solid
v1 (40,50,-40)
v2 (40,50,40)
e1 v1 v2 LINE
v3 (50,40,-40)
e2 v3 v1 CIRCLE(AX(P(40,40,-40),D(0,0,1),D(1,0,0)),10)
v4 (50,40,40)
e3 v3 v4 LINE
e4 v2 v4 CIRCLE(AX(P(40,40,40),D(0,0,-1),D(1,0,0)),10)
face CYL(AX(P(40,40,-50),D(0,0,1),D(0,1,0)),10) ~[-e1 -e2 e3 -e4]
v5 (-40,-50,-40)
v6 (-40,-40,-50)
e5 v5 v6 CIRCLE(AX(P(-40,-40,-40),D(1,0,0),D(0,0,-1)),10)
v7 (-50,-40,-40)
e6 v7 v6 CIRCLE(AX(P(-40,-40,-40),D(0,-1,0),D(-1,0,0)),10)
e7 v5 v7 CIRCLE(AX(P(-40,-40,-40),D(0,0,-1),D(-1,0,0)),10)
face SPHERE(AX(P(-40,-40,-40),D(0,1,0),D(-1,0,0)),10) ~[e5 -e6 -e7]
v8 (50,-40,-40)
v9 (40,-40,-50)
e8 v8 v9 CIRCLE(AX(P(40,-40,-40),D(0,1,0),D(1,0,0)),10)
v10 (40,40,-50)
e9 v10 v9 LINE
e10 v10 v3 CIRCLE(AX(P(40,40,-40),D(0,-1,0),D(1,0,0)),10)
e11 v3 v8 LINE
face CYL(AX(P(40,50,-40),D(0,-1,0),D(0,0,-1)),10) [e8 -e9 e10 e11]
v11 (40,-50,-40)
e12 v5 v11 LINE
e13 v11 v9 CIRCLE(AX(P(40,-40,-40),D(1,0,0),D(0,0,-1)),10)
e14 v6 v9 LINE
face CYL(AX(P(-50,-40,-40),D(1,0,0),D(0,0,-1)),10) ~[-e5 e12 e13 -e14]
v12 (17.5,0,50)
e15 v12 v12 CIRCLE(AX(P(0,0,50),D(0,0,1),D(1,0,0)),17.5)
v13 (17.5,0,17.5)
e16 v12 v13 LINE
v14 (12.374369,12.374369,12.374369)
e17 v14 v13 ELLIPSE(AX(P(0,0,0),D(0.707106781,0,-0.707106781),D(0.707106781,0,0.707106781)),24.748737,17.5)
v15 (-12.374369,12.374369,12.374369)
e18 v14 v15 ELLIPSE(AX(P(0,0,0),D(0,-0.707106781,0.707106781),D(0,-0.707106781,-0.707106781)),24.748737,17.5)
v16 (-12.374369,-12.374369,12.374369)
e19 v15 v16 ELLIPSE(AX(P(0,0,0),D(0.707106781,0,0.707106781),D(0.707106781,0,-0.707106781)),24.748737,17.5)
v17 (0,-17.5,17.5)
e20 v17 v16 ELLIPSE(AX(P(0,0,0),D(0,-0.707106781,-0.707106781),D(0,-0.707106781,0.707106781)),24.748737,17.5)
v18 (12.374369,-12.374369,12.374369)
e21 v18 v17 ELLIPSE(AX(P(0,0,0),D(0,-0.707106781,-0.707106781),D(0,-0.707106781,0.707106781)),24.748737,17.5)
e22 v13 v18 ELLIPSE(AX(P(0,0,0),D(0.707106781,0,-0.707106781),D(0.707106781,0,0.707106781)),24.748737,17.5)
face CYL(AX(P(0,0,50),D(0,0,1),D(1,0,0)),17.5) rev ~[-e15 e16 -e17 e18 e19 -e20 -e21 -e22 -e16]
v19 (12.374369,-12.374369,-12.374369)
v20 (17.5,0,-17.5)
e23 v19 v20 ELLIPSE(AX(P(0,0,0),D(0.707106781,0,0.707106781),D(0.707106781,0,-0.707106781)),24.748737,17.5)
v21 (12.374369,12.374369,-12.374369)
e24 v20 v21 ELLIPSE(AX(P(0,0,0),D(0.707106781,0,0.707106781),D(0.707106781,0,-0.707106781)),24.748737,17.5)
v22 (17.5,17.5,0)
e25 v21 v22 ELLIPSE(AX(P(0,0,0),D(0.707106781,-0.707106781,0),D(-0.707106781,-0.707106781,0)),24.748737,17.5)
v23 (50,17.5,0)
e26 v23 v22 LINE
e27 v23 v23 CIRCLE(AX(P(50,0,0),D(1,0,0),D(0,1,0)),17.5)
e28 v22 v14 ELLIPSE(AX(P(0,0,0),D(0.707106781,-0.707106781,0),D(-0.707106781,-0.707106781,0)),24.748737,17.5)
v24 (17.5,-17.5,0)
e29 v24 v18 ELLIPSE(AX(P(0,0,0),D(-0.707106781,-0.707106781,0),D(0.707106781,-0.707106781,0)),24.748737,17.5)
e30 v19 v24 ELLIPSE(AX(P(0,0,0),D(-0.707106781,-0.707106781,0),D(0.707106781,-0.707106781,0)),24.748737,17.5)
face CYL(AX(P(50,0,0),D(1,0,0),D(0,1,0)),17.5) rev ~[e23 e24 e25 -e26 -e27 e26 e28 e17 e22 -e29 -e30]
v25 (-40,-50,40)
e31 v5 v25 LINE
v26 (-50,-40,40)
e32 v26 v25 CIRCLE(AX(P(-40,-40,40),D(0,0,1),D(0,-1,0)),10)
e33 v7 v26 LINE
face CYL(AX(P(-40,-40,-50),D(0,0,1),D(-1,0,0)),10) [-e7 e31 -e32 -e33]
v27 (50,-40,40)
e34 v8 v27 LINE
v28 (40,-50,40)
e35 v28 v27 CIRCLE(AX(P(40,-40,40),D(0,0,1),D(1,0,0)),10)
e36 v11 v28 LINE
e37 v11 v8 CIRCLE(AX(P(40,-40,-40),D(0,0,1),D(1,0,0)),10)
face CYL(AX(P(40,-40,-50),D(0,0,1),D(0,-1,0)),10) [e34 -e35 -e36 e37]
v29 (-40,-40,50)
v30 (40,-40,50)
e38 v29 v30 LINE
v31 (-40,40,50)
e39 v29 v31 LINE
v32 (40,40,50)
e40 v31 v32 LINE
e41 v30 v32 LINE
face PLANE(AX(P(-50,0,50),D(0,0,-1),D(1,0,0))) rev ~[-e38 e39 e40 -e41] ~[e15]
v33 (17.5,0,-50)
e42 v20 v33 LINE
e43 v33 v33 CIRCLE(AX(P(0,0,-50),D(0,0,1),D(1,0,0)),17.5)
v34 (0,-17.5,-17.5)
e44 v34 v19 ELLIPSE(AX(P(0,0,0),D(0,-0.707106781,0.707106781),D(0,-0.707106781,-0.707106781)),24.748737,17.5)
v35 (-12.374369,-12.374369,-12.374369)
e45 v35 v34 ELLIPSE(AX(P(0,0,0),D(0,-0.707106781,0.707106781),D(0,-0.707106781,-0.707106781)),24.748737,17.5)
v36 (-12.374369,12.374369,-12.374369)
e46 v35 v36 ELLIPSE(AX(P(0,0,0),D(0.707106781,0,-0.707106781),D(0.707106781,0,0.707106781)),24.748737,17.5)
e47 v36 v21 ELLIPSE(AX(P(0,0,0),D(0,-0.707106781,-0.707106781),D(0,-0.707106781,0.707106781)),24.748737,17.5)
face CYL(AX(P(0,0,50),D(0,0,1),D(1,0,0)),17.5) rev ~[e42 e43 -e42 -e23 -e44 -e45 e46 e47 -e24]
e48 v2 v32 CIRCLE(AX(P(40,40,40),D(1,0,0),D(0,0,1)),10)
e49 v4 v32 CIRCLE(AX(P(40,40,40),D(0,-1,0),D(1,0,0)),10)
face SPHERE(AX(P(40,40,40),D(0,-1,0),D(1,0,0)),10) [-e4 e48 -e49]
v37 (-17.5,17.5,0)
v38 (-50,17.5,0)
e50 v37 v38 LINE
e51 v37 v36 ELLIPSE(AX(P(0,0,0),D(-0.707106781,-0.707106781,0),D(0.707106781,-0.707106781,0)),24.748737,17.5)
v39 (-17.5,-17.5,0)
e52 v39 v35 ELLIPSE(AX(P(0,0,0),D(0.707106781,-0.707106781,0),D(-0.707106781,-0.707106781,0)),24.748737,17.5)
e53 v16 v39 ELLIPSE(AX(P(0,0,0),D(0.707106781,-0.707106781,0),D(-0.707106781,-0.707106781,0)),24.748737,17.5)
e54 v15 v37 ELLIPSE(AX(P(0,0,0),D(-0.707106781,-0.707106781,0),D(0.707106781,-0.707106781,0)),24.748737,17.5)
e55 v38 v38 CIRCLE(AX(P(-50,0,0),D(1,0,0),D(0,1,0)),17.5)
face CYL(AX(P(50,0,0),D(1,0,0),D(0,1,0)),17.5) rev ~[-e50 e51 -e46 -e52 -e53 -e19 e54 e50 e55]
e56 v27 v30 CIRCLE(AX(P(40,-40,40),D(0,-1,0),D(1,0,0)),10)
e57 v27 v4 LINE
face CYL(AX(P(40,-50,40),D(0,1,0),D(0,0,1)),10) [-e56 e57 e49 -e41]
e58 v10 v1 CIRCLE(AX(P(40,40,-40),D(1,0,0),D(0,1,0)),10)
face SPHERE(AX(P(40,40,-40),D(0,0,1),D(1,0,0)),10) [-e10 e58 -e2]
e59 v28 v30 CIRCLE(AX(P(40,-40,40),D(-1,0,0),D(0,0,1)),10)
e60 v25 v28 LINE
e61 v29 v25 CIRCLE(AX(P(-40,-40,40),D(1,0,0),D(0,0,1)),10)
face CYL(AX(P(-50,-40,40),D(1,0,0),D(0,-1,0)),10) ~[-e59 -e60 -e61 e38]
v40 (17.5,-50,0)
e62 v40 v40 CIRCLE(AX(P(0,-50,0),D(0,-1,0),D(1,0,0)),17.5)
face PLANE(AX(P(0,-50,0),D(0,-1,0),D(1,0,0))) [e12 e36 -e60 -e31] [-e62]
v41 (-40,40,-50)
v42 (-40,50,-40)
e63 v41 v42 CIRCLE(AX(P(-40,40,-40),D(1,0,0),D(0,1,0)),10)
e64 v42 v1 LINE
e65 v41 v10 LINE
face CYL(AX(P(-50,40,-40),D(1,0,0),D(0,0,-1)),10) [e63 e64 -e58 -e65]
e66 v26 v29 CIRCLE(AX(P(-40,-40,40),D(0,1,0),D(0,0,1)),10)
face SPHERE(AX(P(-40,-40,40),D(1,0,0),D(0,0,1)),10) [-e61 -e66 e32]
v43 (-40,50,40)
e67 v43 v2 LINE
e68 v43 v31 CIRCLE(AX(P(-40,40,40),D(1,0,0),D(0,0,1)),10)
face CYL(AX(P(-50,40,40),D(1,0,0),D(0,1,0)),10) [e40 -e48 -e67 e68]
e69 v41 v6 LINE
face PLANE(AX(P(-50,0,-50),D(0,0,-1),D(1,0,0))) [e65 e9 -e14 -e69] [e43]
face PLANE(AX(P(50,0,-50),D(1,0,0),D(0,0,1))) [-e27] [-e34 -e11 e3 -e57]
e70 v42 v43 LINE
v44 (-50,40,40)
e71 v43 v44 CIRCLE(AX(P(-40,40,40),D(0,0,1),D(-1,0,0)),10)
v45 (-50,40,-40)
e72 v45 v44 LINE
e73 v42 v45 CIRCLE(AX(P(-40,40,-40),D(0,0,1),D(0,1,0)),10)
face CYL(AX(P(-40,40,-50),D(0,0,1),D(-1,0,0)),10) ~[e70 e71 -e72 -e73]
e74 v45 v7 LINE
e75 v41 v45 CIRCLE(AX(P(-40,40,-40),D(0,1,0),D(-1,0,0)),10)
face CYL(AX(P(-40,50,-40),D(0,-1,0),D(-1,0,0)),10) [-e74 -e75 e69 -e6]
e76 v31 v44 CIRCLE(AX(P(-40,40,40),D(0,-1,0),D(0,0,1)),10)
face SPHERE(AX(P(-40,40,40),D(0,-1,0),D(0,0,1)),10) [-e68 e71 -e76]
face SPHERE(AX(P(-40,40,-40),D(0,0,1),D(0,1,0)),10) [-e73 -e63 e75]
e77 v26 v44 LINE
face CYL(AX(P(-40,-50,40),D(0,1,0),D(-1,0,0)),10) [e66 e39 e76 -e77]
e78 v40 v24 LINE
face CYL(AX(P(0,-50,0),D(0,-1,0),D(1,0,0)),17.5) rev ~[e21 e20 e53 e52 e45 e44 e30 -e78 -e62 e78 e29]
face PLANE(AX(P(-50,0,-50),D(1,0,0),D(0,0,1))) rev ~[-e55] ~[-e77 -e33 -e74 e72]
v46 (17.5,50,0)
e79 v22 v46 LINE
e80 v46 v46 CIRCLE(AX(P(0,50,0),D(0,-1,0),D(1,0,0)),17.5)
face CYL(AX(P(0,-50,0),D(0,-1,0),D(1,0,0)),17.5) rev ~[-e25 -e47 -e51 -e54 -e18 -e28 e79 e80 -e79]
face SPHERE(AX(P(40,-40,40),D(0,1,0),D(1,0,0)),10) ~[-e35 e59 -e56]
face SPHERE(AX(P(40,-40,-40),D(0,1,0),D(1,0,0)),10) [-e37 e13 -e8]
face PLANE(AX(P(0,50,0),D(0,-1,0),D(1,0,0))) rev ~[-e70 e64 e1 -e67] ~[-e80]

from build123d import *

# Parameters (mm, degrees)
F0_W     = 100
F0_H     = 100
F1_DEPTH = 50
F2_R     = 17.5
F3_DEPTH = 100
F4_R     = 17.5
F5_DEPTH = 100
F6_R     = 17.5
F7_DEPTH = 100
F8_R     = 10


with BuildPart() as f1:
    # F0 (on Front) → F1 (new body, symmetric)
    with BuildSketch(Plane.XZ):
        Rectangle(F0_W, F0_H)
    extrude(amount=F1_DEPTH, both=True)

    # F2 (on face) → F3 (cut, through all)
    with BuildSketch(Plane.XZ.offset(50)):
        Circle(F2_R)
    extrude(amount=-F3_DEPTH, mode=Mode.SUBTRACT)

    # F4 (on face) → F5 (cut, through all)
    with BuildSketch(Plane.YZ.offset(50)):
        Circle(F4_R)
    extrude(amount=-F5_DEPTH, mode=Mode.SUBTRACT)

    # F6 (on face) → F7 (cut, through all)
    with BuildSketch(Plane.XY.offset(50)):
        Circle(F6_R)
    extrude(amount=-F7_DEPTH, mode=Mode.SUBTRACT)

    # F8
    f8_edges = [f1.edges().sort_by_distance(p)[0] for p in [
        (50, 0, 50),
        (50, 50, 0),
        (50, 0, -50),
        (50, -50, 0),
        (0, -50, 50),
        (-50, 0, 50),
        (0, 50, 50),
        (-50, 50, 0),
        (0, 50, -50),
        (-50, 0, -50),
        (-50, -50, 0),
        (0, -50, -50),
    ]]
    fillet(f8_edges, radius=F8_R)


solid = f1.part
